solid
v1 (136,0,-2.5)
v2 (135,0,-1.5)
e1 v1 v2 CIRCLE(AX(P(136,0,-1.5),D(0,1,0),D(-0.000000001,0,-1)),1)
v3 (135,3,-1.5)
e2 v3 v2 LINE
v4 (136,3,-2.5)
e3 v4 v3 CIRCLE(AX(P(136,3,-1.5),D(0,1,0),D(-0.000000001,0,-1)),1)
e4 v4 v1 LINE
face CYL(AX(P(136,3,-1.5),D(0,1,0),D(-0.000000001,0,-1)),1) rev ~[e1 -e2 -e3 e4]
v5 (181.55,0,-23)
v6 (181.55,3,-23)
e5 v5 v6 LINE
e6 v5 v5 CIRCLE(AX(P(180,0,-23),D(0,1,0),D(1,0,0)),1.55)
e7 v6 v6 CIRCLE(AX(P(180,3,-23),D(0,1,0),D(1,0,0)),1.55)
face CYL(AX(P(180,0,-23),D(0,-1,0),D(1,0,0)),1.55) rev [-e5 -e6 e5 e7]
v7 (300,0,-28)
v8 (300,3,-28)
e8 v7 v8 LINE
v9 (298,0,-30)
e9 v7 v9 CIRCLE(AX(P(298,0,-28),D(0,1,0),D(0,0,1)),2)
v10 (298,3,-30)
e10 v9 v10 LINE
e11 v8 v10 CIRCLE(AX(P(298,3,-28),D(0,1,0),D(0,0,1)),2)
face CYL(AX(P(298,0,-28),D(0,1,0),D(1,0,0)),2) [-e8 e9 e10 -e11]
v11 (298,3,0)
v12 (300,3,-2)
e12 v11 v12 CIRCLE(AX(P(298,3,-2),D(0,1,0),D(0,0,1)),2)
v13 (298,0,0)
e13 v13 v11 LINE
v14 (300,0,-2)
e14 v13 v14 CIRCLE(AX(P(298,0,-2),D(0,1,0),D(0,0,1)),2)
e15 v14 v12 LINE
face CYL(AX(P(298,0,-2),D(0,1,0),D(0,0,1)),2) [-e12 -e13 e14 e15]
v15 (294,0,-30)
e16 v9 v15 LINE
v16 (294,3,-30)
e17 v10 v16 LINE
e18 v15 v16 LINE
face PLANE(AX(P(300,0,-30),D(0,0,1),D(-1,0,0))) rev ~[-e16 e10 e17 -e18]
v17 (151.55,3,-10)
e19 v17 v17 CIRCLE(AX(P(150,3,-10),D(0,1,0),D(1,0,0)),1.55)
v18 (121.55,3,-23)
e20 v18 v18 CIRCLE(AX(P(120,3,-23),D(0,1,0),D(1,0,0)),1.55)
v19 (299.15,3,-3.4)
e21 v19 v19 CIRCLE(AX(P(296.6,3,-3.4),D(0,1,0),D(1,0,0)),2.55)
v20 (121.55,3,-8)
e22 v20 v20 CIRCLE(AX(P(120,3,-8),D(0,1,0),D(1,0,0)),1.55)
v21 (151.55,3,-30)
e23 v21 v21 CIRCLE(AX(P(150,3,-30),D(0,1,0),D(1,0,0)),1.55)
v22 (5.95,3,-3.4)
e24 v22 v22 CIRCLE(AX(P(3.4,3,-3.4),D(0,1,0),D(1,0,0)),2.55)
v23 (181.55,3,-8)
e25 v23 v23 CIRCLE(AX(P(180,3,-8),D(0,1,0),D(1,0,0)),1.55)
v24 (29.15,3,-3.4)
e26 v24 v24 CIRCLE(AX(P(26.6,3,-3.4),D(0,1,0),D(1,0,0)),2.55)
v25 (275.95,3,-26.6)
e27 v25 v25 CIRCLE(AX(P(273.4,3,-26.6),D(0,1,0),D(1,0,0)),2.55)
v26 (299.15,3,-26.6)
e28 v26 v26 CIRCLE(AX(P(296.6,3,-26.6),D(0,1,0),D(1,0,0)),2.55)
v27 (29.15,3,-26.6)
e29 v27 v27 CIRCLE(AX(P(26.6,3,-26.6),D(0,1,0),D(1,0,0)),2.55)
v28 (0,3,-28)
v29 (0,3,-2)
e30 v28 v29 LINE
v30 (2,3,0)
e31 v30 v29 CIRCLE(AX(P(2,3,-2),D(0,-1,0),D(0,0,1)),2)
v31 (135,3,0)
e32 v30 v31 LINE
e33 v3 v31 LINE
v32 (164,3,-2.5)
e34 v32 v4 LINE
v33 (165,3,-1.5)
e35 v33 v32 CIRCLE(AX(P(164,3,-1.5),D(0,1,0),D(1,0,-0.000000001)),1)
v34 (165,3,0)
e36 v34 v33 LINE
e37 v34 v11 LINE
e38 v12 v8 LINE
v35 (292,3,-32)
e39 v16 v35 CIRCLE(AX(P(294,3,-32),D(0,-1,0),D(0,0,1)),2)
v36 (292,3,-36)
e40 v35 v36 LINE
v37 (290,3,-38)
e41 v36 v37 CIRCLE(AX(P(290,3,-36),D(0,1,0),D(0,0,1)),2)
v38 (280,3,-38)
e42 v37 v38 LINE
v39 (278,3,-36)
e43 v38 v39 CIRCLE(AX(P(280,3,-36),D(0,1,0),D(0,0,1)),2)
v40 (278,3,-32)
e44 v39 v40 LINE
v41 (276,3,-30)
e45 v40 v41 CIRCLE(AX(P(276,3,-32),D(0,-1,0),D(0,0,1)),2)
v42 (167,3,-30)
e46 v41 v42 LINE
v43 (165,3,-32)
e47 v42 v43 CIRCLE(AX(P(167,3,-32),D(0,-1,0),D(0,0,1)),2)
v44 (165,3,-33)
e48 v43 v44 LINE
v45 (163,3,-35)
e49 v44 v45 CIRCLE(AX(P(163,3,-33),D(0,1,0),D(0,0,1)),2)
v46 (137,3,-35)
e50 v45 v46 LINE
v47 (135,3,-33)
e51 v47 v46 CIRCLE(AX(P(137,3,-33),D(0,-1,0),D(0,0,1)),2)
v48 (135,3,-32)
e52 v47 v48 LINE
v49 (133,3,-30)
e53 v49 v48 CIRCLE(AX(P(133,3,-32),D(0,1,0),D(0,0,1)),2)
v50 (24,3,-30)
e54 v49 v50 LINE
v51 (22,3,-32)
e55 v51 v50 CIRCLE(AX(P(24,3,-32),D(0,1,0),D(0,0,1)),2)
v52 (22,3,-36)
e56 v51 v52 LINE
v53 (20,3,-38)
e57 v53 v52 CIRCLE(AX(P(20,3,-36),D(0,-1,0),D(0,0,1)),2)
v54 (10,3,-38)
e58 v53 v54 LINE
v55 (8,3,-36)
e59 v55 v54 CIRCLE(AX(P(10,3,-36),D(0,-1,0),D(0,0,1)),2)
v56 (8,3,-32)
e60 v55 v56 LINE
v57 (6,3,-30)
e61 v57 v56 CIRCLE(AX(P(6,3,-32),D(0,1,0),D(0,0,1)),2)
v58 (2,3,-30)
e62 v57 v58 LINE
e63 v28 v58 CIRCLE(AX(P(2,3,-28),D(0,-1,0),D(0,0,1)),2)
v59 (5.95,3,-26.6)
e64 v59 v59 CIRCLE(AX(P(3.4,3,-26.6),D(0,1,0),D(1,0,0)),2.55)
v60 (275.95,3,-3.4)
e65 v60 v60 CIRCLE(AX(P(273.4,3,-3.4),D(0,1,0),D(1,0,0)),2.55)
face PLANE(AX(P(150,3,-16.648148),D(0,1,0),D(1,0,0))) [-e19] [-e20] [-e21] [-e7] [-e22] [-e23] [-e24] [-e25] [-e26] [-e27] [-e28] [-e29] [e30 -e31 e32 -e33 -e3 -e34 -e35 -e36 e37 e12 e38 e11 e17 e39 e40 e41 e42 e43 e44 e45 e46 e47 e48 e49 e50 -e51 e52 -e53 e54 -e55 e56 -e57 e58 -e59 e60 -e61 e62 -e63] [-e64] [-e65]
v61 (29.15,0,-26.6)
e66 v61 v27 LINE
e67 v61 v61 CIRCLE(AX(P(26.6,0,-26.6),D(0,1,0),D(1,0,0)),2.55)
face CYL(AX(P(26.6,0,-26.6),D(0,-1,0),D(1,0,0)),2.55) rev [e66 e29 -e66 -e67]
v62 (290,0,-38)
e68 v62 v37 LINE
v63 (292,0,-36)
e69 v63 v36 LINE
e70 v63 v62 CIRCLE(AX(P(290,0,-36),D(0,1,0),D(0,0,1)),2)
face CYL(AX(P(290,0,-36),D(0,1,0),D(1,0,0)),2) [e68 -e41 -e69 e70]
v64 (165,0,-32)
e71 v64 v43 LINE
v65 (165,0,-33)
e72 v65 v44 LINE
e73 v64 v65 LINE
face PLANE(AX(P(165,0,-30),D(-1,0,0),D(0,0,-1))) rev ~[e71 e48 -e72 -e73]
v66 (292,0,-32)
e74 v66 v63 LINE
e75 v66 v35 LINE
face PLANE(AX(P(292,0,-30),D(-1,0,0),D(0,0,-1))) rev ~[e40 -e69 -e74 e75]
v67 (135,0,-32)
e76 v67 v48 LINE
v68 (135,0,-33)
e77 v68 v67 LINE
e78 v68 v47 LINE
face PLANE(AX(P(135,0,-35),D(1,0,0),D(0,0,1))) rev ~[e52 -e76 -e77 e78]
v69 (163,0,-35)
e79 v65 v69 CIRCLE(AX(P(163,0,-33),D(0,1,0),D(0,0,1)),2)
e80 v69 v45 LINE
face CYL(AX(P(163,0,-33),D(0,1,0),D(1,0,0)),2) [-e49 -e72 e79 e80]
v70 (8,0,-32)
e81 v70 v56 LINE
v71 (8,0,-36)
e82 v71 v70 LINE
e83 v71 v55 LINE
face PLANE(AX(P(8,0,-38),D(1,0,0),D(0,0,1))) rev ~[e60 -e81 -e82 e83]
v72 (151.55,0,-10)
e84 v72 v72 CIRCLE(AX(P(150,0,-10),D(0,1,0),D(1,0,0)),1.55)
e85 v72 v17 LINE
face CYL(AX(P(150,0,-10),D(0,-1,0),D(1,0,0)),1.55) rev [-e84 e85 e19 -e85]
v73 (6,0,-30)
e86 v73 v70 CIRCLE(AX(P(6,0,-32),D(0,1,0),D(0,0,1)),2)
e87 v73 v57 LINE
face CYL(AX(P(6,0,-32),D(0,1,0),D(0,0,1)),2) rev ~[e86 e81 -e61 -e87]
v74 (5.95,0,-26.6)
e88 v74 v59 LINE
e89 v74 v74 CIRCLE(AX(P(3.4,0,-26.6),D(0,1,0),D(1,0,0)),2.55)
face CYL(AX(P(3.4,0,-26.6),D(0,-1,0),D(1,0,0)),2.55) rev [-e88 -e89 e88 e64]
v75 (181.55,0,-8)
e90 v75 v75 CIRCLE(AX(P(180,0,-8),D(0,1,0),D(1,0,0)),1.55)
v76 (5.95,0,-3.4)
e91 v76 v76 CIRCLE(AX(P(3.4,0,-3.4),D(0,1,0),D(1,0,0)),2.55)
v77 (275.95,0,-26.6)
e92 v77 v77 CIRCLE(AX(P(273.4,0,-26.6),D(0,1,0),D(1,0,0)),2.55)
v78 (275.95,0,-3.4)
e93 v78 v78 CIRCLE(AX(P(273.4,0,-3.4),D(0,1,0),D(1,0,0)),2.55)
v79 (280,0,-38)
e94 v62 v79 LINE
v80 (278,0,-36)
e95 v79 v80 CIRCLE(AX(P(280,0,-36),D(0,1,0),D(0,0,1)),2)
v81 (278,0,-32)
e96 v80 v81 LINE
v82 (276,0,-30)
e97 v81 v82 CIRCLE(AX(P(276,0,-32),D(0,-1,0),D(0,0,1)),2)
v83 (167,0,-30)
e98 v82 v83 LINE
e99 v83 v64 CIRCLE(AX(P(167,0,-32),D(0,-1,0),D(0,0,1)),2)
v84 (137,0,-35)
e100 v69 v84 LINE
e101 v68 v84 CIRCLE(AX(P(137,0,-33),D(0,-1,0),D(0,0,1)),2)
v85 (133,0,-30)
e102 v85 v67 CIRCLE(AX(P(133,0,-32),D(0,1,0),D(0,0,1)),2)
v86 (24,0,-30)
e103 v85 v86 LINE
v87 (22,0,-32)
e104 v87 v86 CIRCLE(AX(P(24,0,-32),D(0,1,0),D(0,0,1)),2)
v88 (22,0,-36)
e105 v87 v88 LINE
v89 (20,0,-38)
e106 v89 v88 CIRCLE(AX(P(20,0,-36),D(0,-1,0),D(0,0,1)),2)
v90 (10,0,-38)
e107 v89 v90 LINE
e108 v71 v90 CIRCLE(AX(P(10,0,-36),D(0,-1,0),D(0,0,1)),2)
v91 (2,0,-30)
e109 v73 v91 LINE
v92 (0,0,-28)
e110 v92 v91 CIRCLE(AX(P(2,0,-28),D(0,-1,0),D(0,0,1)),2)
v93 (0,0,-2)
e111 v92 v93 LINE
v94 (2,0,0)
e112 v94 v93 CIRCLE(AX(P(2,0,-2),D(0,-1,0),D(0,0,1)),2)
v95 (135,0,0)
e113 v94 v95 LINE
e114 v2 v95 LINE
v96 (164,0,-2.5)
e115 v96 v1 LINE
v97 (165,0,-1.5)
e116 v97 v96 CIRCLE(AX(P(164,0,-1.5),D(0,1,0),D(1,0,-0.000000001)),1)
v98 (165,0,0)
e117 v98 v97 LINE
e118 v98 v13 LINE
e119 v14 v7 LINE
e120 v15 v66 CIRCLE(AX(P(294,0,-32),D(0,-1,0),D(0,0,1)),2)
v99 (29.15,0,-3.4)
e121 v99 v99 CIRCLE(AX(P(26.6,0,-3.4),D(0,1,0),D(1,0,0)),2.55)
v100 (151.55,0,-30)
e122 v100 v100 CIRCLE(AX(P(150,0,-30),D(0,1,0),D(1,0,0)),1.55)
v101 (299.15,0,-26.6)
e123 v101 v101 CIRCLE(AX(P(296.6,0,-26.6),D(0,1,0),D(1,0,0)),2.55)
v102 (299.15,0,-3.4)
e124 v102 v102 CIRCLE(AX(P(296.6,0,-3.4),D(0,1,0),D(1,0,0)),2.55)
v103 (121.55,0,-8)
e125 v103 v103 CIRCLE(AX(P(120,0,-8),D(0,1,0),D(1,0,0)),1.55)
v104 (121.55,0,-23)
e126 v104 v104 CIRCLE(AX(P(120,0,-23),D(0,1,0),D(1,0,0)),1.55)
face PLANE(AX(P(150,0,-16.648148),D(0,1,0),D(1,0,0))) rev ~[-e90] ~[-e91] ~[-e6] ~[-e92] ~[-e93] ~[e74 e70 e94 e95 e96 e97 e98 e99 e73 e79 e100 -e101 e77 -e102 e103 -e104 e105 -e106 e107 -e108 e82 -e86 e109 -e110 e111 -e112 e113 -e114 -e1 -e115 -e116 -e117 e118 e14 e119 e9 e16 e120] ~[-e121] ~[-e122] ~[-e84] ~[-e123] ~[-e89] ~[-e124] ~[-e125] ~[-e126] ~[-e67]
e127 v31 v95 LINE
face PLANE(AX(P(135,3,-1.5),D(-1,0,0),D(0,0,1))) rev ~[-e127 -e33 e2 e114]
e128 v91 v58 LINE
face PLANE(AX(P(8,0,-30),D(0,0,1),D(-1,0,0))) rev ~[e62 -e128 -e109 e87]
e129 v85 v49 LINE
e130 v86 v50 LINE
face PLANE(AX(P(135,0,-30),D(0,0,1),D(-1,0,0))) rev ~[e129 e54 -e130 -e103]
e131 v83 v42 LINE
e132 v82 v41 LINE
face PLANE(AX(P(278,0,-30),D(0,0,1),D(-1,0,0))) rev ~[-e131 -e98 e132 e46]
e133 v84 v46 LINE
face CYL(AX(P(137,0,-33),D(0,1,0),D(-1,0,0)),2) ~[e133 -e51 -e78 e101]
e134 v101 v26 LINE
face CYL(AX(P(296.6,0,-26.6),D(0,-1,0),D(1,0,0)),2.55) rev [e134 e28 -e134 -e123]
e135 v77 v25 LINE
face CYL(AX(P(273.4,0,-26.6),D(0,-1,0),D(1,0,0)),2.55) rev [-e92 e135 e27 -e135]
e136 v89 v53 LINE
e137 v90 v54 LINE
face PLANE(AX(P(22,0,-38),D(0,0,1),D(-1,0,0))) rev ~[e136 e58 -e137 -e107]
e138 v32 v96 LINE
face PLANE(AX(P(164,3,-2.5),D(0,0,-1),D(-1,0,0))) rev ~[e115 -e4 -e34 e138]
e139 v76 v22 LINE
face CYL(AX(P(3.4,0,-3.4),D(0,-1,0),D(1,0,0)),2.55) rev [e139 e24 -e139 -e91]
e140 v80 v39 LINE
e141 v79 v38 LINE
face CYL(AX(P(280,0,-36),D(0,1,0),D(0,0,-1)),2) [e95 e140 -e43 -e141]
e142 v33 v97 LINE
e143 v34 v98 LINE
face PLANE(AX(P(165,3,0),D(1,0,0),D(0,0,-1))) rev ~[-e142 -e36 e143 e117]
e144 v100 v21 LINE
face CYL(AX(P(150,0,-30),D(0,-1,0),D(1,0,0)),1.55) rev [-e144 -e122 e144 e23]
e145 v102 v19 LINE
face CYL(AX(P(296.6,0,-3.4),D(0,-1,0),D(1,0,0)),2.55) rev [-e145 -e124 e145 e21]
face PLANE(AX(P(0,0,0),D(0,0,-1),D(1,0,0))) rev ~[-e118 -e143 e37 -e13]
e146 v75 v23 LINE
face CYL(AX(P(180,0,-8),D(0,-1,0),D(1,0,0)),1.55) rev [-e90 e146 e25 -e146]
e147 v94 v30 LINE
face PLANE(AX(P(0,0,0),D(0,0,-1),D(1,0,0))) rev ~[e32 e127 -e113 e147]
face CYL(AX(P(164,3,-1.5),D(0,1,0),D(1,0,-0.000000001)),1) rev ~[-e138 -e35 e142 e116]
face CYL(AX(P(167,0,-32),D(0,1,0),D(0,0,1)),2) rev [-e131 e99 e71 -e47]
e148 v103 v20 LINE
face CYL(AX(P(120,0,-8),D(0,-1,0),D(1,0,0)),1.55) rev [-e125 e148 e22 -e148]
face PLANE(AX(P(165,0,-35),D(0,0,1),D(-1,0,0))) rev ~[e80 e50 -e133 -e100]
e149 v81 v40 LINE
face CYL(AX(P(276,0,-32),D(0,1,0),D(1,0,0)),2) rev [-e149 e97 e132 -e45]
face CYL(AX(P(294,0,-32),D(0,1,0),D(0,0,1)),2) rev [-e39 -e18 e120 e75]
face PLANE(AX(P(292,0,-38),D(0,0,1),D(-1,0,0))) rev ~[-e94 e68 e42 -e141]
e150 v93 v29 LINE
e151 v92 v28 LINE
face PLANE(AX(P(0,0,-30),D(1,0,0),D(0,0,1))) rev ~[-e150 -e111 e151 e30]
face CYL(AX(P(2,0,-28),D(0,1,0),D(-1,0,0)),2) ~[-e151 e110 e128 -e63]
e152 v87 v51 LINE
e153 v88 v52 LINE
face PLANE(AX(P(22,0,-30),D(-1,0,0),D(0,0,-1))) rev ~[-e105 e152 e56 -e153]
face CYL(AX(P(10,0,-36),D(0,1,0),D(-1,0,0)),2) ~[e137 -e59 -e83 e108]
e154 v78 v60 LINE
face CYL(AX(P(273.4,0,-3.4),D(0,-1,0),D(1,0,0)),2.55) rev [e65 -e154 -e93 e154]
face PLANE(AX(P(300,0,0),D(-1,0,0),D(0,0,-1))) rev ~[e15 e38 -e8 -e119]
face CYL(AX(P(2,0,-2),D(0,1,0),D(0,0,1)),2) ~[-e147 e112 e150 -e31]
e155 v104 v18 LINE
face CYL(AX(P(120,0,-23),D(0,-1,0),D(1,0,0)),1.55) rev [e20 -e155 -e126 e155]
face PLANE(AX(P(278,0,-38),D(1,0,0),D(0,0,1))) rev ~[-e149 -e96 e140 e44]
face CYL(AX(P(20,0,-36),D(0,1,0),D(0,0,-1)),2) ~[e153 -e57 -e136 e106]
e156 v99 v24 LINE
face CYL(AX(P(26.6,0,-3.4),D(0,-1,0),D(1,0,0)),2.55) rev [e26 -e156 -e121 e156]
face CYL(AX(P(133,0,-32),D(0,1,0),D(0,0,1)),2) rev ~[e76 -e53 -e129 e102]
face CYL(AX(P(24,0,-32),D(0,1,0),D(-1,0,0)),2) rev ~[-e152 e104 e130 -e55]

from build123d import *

# Parameters (mm, degrees)
CROQUIS1_R              = 2.55
CROQUIS1_R_2            = 1.55
SALIENTE_EXTRUIR1_DEPTH = 3
REDONDEO2_R             = 2
CORTAR_EXTRUIR1_DEPTH   = 3


with BuildPart() as part:
    # Croquis1 → Saliente-Extruir1 (new body)
    with BuildSketch(Plane(origin=(0, 0, 0), x_dir=(1, 0, 0), z_dir=(0, 1, 0))):
        Polygon((0, 0), (300, 0), (300, 30), (292, 30), (292, 38), (278, 38), (278, 30), (165, 30), (165, 35), (135, 35), (135, 30), (22, 30), (22, 38), (8, 38), (8, 30), (0, 30), align=None)
        with Locations((3.4, 26.6)):
            Circle(CROQUIS1_R, mode=Mode.SUBTRACT)
        with Locations((26.6, 26.6)):
            Circle(CROQUIS1_R, mode=Mode.SUBTRACT)
        with Locations((26.6, 3.4)):
            Circle(CROQUIS1_R, mode=Mode.SUBTRACT)
        with Locations((3.4, 3.4)):
            Circle(CROQUIS1_R, mode=Mode.SUBTRACT)
        with Locations((273.4, 3.4)):
            Circle(CROQUIS1_R, mode=Mode.SUBTRACT)
        with Locations((296.6, 3.4)):
            Circle(CROQUIS1_R, mode=Mode.SUBTRACT)
        with Locations((296.6, 26.6)):
            Circle(CROQUIS1_R, mode=Mode.SUBTRACT)
        with Locations((273.4, 26.6)):
            Circle(CROQUIS1_R, mode=Mode.SUBTRACT)
        with Locations((150, 30)):
            Circle(CROQUIS1_R_2, mode=Mode.SUBTRACT)
        with Locations((150, 10)):
            Circle(CROQUIS1_R_2, mode=Mode.SUBTRACT)
        with Locations((120, 23)):
            Circle(CROQUIS1_R_2, mode=Mode.SUBTRACT)
        with Locations((120, 8)):
            Circle(CROQUIS1_R_2, mode=Mode.SUBTRACT)
        with Locations((180, 8)):
            Circle(CROQUIS1_R_2, mode=Mode.SUBTRACT)
        with Locations((180, 23)):
            Circle(CROQUIS1_R_2, mode=Mode.SUBTRACT)
    extrude(amount=SALIENTE_EXTRUIR1_DEPTH)

    # Redondeo2
    redondeo2_edges = [part.edges().sort_by_distance(p)[0] for p in [
        (0, 1.5, -30),
        (8, 1.5, -30),
        (8, 1.5, -38),
        (22, 1.5, -38),
        (22, 1.5, -30),
        (135, 1.5, -30),
        (135, 1.5, -35),
        (165, 1.5, -35),
        (165, 1.5, -30),
        (278, 1.5, -30),
        (278, 1.5, -38),
        (292, 1.5, -38),
        (292, 1.5, -30),
        (300, 1.5, -30),
        (300, 1.5, 0),
        (0, 1.5, 0),
    ]]
    fillet(redondeo2_edges, radius=REDONDEO2_R)

    # Croquis2 → Cortar-Extruir1 (cut)
    with BuildSketch(Plane(origin=(0, 3, 0), x_dir=(1, 0, 0), z_dir=(0, 1, 0))):
        with BuildLine():
            Line((135, 0), (165, 0))
            Line((165, 0), (165, 1.5))
            ThreePointArc((165, 1.5), (164.707106781, 2.207106781), (164, 2.5))
            Line((164, 2.5), (136, 2.5))
            ThreePointArc((136, 2.5), (135.292893219, 2.207106781), (135, 1.5))
            Line((135, 1.5), (135, 0))
        make_face()
    extrude(amount=-CORTAR_EXTRUIR1_DEPTH, mode=Mode.SUBTRACT)


solid = part.part
